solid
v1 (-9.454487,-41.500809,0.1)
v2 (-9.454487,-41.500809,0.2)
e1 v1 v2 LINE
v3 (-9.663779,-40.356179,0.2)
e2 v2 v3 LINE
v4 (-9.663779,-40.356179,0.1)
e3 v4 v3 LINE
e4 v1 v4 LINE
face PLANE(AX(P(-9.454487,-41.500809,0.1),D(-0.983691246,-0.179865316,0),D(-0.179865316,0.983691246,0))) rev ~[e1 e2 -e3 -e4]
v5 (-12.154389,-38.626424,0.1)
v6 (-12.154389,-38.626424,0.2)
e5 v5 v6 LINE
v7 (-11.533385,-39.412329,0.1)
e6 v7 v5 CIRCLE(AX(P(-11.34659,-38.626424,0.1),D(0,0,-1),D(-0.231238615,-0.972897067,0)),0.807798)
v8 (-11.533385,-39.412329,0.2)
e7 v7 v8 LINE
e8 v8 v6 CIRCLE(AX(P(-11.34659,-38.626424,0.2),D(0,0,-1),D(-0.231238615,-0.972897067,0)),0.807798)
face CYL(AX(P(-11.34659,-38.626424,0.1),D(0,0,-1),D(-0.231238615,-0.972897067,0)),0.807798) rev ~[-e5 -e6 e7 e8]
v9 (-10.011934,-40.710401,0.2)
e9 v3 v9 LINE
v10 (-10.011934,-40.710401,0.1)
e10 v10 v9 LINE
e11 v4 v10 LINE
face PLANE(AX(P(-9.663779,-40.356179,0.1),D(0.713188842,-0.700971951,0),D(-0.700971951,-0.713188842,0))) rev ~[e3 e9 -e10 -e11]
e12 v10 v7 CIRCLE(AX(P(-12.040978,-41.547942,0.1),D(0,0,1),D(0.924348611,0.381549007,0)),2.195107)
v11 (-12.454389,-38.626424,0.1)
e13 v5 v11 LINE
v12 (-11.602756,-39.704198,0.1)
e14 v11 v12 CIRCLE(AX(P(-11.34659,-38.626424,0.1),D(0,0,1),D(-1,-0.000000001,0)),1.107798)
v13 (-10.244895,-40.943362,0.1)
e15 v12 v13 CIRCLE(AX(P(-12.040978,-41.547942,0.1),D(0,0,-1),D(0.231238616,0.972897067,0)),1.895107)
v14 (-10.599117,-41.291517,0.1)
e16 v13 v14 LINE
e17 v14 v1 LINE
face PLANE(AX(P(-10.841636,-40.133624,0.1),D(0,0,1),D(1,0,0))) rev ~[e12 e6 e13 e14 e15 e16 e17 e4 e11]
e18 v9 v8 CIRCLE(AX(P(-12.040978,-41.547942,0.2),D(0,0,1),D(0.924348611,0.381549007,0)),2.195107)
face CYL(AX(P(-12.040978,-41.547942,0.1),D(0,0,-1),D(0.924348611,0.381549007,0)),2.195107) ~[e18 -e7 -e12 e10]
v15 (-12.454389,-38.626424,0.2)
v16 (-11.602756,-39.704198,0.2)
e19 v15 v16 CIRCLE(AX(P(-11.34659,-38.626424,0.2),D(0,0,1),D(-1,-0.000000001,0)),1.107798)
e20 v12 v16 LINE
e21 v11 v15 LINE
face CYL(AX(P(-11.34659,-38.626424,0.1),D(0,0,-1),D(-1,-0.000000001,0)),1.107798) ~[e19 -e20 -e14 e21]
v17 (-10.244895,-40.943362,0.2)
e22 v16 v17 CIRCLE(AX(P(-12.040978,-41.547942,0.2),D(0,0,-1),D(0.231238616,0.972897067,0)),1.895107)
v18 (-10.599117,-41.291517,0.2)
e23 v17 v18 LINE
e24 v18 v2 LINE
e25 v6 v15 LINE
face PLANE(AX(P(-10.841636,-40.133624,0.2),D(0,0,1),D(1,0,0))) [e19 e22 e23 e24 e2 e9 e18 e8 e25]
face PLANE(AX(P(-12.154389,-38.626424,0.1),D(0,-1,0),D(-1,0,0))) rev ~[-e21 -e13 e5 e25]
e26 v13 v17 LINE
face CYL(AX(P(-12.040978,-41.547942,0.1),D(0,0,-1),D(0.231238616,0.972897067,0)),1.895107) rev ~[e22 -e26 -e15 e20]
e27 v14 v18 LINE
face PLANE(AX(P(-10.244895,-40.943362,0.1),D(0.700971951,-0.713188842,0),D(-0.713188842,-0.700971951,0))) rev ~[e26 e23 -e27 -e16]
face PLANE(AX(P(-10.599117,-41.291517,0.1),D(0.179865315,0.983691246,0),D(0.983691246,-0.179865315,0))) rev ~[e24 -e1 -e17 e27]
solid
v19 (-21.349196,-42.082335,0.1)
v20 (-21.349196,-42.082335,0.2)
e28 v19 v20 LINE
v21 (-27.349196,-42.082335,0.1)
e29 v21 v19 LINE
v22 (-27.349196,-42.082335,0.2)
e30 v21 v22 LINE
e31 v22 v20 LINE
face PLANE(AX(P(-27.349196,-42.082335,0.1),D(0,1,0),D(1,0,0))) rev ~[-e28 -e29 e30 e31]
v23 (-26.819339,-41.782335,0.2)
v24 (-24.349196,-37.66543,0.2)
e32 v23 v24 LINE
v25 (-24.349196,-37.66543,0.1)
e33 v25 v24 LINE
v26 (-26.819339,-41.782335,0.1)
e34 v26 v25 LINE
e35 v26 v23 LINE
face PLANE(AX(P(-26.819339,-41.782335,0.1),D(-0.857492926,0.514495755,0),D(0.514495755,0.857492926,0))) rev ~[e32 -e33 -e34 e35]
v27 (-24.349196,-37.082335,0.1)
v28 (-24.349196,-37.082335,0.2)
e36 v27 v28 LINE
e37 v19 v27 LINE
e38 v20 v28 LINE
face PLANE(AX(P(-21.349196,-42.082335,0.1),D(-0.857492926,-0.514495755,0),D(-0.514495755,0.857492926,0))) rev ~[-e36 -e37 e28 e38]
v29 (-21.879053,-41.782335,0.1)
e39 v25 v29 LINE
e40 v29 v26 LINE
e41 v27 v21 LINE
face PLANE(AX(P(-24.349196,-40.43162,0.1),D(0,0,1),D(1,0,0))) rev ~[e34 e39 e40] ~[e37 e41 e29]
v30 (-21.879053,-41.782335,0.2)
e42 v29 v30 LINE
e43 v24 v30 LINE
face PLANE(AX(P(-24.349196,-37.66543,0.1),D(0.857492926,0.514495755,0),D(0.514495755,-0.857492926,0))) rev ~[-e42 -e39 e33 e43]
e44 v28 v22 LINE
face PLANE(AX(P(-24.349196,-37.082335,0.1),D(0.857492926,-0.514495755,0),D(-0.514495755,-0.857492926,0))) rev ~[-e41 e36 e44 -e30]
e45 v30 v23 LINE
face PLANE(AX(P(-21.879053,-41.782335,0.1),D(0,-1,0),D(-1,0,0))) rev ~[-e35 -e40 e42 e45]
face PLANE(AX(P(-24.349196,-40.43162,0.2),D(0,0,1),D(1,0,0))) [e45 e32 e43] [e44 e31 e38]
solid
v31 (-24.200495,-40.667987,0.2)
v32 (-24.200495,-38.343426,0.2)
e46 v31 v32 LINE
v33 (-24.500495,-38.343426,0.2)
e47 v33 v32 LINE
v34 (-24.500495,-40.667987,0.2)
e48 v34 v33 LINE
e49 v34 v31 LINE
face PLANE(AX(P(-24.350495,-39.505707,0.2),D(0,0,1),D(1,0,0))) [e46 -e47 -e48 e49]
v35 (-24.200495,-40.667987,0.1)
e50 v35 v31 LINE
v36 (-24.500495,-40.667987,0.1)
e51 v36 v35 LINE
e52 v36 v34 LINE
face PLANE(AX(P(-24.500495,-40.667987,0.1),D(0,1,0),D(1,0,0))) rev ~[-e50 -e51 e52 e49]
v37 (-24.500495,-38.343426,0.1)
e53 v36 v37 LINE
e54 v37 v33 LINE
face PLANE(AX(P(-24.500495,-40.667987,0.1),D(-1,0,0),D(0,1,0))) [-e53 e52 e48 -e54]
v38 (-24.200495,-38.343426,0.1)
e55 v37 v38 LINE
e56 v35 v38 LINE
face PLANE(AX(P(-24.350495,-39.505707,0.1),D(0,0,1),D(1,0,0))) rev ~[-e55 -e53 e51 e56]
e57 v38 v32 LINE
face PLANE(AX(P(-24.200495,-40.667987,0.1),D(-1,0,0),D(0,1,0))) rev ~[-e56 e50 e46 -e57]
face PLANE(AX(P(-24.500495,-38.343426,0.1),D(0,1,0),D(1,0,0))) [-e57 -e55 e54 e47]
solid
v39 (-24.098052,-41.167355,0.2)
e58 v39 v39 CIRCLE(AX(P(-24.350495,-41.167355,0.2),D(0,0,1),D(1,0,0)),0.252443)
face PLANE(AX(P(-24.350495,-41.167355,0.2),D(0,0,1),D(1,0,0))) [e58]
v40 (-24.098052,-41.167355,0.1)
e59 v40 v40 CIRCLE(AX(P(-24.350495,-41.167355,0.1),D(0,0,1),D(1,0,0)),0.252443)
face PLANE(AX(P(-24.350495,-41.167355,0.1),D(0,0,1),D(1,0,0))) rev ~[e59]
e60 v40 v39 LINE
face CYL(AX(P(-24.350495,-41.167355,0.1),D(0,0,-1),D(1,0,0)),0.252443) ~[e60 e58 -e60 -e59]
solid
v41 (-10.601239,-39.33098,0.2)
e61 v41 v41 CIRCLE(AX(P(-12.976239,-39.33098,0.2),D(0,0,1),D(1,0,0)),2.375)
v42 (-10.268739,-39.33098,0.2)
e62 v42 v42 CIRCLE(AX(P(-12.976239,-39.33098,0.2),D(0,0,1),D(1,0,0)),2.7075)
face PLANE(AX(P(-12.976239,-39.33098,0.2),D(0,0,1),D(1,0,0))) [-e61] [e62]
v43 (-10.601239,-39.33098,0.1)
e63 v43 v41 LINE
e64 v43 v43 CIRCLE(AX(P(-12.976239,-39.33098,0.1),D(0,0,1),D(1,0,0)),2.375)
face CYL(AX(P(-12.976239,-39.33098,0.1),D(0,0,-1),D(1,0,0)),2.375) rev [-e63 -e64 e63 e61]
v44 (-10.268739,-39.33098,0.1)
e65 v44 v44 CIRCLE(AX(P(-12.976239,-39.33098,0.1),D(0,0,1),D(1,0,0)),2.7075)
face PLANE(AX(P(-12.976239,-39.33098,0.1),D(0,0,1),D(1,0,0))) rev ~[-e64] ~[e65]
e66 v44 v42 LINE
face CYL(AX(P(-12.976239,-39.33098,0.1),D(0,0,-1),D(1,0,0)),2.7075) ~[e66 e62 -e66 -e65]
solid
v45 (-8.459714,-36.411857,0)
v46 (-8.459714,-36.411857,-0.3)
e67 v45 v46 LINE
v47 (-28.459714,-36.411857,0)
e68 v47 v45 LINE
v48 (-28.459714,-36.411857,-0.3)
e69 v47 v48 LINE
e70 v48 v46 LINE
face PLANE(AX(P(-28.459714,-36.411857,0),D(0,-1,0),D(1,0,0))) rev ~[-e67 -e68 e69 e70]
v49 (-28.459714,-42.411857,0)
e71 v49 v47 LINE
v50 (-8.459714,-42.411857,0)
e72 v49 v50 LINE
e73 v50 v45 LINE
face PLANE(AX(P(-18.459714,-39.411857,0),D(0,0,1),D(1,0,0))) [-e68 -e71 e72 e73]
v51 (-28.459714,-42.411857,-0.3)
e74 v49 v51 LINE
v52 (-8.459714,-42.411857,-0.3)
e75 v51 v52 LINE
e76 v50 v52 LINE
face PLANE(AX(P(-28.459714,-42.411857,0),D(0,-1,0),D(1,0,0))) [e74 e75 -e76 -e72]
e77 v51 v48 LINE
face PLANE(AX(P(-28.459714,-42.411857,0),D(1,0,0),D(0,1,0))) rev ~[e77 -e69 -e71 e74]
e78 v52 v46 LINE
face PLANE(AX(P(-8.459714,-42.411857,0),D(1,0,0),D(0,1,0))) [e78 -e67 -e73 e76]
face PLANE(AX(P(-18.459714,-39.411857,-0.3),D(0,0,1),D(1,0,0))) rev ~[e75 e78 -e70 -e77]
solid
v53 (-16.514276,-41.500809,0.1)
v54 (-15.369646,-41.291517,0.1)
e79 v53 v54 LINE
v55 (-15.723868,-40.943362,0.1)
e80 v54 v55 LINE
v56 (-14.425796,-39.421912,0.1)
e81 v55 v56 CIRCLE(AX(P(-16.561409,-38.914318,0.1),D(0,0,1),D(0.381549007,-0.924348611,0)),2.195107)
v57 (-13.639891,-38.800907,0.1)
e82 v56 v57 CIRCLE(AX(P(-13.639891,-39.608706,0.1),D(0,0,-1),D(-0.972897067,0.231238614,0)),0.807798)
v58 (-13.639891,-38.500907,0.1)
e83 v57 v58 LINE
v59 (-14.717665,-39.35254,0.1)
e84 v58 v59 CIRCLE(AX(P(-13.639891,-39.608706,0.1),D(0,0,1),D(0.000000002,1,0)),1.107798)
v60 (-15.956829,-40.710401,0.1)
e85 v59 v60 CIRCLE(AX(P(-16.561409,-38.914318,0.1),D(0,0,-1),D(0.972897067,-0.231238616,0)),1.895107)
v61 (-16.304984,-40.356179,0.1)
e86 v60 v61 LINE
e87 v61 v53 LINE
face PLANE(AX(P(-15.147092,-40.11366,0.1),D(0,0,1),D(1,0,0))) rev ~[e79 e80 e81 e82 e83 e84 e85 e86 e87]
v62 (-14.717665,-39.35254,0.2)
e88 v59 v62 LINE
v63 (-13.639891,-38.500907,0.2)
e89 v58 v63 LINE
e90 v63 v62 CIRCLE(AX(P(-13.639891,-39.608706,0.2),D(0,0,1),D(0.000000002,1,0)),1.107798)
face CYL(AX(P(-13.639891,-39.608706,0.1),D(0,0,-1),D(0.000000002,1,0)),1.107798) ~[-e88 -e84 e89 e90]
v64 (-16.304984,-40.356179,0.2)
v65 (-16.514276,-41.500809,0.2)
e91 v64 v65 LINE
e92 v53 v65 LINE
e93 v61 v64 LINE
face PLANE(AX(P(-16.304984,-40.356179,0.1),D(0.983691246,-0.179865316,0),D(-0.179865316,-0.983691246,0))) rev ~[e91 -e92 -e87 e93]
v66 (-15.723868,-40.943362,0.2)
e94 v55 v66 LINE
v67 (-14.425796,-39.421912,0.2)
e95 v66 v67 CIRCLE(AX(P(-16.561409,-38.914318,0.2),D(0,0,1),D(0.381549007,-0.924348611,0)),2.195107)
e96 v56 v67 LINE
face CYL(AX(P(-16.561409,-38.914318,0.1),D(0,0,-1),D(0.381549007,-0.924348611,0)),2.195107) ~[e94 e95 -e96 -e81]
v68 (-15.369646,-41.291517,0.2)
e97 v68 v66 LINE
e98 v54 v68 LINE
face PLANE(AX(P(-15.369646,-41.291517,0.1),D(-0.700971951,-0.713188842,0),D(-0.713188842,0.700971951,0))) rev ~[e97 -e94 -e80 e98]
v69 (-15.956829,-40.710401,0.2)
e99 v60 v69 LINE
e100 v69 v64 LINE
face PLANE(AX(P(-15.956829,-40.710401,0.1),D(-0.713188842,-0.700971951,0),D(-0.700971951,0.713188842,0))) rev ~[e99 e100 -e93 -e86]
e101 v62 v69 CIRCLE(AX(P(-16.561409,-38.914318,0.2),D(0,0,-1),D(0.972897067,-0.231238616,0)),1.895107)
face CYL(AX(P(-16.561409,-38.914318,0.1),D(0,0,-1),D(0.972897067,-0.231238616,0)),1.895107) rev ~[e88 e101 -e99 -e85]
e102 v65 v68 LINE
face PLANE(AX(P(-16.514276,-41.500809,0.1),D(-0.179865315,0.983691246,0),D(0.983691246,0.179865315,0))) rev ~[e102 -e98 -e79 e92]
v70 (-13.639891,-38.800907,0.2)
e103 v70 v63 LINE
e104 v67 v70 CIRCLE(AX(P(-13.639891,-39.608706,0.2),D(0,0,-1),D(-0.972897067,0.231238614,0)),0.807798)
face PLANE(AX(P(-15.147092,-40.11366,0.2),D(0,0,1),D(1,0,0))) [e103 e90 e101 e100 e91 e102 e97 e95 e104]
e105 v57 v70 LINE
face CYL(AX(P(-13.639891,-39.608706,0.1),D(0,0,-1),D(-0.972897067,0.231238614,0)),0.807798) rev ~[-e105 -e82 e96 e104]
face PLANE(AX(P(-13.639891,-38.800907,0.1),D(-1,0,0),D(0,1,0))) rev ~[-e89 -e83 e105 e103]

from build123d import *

# Parameters (mm, degrees)
ESQUISSE1_W        = 20
ESQUISSE1_H        = 6
EXTRUSION1_DEPTH   = 0.3
EXTRUSION2_DEPTH   = 0.1
ESQUISSE4_R        = 0.252442903
EXTRUSION3_DEPTH   = 0.1
ESQUISSE4_W        = 0.3
ESQUISSE4_H        = 2.324561381
EXTRUSION3_2_DEPTH = 0.1
ESQUISSE5_R        = 2.7075
ESQUISSE5_R_2      = 2.375
EXTRUSION4_DEPTH   = 0.1
EXTRUSION5_DEPTH   = 0.1
EXTRUSION5_2_DEPTH = 0.1


with BuildPart() as part:
    # Esquisse1 → Extrusion1 (new body)
    with BuildSketch(Plane.XY):
        with Locations((-18.459714286, -39.411857143)):
            Rectangle(ESQUISSE1_W, ESQUISSE1_H)
    extrude(amount=-EXTRUSION1_DEPTH)


with BuildPart() as body_2:
    # Esquisse2 → Extrusion2 (new body)
    with BuildSketch(Plane.XY.offset(0.1)):
        Polygon((-27.34919593, -42.082334703), (-21.34919593, -42.082334703), (-24.34919593, -37.082334703), align=None)
        Polygon((-26.819338817, -41.782334703), (-24.34919593, -37.665429892), (-21.879053044, -41.782334703), align=None, mode=Mode.SUBTRACT)
    extrude(amount=EXTRUSION2_DEPTH)


with BuildPart() as body_3:
    # Esquisse4 → Extrusion3 (new body)
    with BuildSketch(Plane(origin=(-58.09753781, -20.9340219, 0.1), x_dir=(1, 0, 0), z_dir=(0, 0, 1))):
        with Locations((33.747043239, -20.233333315)):
            Circle(ESQUISSE4_R)
    extrude(amount=EXTRUSION3_DEPTH)


with BuildPart() as body_4:
    # Esquisse4 → Extrusion3 2 (new body)
    with BuildSketch(Plane(origin=(-58.09753781, -20.9340219, 0.1), x_dir=(1, 0, 0), z_dir=(0, 0, 1))):
        with Locations((33.747043239, -18.571684889)):
            Rectangle(ESQUISSE4_W, ESQUISSE4_H)
    extrude(amount=EXTRUSION3_2_DEPTH)


with BuildPart() as body_5:
    # Esquisse5 → Extrusion4 (new body)
    with BuildSketch(Plane.XY.offset(0.1)):
        with Locations((-12.976239495, -39.330980348)):
            Circle(ESQUISSE5_R)
        with Locations((-12.976239495, -39.330980348)):
            Circle(ESQUISSE5_R_2, mode=Mode.SUBTRACT)
    extrude(amount=EXTRUSION4_DEPTH)


with BuildPart() as body_6:
    # Esquisse6 → Extrusion5 (new body)
    with BuildSketch(Plane.XY.offset(0.1)):
        with BuildLine():
            Line((-10.24489494, -40.943362369), (-10.599117065, -41.291516686))
            Line((-10.599117065, -41.291516686), (-9.454486879, -41.500809256))
            Line((-9.454486879, -41.500809256), (-9.66377945, -40.356179071))
            Line((-9.66377945, -40.356179071), (-10.011933766, -40.710401195))
            ThreePointArc((-10.011933766, -40.710401195), (-10.616239233, -39.878027502), (-11.533384635, -39.412328702))
            ThreePointArc((-11.533384635, -39.412328702), (-11.980400501, -39.127246423), (-12.154388885, -38.626423967))
            Line((-12.154388885, -38.626423967), (-12.454388885, -38.626423967))
            ThreePointArc((-12.454388885, -38.626423967), (-12.215784735, -39.313241752), (-11.60275622, -39.704197822))
            ThreePointArc((-11.60275622, -39.704197822), (-10.763515026, -40.148113761), (-10.24489494, -40.943362369))
        make_face()
    extrude(amount=EXTRUSION5_DEPTH)


with BuildPart() as body_7:
    # Esquisse6 → Extrusion5 2 (new body)
    with BuildSketch(Plane.XY.offset(0.1)):
        with BuildLine():
            Line((-15.956829451, -40.710401195), (-16.304983767, -40.356179071))
            Line((-16.304983767, -40.356179071), (-16.514276338, -41.500809256))
            Line((-16.514276338, -41.500809256), (-15.369646152, -41.291516686))
            Line((-15.369646152, -41.291516686), (-15.723868277, -40.943362369))
            ThreePointArc((-15.723868277, -40.943362369), (-14.891494584, -40.339056902), (-14.425795784, -39.4219115))
            ThreePointArc((-14.425795784, -39.4219115), (-14.140713505, -38.974895634), (-13.639891048, -38.800907251))
            Line((-13.639891048, -38.800907251), (-13.639891048, -38.500907251))
            ThreePointArc((-13.639891048, -38.500907251), (-14.326708834, -38.7395114), (-14.717664904, -39.352539915))
            ThreePointArc((-14.717664904, -39.352539915), (-15.161580843, -40.191781109), (-15.956829451, -40.710401195))
        make_face()
    extrude(amount=EXTRUSION5_2_DEPTH)


solid = Compound([part.part, body_2.part, body_3.part, body_4.part, body_5.part, body_6.part, body_7.part])
